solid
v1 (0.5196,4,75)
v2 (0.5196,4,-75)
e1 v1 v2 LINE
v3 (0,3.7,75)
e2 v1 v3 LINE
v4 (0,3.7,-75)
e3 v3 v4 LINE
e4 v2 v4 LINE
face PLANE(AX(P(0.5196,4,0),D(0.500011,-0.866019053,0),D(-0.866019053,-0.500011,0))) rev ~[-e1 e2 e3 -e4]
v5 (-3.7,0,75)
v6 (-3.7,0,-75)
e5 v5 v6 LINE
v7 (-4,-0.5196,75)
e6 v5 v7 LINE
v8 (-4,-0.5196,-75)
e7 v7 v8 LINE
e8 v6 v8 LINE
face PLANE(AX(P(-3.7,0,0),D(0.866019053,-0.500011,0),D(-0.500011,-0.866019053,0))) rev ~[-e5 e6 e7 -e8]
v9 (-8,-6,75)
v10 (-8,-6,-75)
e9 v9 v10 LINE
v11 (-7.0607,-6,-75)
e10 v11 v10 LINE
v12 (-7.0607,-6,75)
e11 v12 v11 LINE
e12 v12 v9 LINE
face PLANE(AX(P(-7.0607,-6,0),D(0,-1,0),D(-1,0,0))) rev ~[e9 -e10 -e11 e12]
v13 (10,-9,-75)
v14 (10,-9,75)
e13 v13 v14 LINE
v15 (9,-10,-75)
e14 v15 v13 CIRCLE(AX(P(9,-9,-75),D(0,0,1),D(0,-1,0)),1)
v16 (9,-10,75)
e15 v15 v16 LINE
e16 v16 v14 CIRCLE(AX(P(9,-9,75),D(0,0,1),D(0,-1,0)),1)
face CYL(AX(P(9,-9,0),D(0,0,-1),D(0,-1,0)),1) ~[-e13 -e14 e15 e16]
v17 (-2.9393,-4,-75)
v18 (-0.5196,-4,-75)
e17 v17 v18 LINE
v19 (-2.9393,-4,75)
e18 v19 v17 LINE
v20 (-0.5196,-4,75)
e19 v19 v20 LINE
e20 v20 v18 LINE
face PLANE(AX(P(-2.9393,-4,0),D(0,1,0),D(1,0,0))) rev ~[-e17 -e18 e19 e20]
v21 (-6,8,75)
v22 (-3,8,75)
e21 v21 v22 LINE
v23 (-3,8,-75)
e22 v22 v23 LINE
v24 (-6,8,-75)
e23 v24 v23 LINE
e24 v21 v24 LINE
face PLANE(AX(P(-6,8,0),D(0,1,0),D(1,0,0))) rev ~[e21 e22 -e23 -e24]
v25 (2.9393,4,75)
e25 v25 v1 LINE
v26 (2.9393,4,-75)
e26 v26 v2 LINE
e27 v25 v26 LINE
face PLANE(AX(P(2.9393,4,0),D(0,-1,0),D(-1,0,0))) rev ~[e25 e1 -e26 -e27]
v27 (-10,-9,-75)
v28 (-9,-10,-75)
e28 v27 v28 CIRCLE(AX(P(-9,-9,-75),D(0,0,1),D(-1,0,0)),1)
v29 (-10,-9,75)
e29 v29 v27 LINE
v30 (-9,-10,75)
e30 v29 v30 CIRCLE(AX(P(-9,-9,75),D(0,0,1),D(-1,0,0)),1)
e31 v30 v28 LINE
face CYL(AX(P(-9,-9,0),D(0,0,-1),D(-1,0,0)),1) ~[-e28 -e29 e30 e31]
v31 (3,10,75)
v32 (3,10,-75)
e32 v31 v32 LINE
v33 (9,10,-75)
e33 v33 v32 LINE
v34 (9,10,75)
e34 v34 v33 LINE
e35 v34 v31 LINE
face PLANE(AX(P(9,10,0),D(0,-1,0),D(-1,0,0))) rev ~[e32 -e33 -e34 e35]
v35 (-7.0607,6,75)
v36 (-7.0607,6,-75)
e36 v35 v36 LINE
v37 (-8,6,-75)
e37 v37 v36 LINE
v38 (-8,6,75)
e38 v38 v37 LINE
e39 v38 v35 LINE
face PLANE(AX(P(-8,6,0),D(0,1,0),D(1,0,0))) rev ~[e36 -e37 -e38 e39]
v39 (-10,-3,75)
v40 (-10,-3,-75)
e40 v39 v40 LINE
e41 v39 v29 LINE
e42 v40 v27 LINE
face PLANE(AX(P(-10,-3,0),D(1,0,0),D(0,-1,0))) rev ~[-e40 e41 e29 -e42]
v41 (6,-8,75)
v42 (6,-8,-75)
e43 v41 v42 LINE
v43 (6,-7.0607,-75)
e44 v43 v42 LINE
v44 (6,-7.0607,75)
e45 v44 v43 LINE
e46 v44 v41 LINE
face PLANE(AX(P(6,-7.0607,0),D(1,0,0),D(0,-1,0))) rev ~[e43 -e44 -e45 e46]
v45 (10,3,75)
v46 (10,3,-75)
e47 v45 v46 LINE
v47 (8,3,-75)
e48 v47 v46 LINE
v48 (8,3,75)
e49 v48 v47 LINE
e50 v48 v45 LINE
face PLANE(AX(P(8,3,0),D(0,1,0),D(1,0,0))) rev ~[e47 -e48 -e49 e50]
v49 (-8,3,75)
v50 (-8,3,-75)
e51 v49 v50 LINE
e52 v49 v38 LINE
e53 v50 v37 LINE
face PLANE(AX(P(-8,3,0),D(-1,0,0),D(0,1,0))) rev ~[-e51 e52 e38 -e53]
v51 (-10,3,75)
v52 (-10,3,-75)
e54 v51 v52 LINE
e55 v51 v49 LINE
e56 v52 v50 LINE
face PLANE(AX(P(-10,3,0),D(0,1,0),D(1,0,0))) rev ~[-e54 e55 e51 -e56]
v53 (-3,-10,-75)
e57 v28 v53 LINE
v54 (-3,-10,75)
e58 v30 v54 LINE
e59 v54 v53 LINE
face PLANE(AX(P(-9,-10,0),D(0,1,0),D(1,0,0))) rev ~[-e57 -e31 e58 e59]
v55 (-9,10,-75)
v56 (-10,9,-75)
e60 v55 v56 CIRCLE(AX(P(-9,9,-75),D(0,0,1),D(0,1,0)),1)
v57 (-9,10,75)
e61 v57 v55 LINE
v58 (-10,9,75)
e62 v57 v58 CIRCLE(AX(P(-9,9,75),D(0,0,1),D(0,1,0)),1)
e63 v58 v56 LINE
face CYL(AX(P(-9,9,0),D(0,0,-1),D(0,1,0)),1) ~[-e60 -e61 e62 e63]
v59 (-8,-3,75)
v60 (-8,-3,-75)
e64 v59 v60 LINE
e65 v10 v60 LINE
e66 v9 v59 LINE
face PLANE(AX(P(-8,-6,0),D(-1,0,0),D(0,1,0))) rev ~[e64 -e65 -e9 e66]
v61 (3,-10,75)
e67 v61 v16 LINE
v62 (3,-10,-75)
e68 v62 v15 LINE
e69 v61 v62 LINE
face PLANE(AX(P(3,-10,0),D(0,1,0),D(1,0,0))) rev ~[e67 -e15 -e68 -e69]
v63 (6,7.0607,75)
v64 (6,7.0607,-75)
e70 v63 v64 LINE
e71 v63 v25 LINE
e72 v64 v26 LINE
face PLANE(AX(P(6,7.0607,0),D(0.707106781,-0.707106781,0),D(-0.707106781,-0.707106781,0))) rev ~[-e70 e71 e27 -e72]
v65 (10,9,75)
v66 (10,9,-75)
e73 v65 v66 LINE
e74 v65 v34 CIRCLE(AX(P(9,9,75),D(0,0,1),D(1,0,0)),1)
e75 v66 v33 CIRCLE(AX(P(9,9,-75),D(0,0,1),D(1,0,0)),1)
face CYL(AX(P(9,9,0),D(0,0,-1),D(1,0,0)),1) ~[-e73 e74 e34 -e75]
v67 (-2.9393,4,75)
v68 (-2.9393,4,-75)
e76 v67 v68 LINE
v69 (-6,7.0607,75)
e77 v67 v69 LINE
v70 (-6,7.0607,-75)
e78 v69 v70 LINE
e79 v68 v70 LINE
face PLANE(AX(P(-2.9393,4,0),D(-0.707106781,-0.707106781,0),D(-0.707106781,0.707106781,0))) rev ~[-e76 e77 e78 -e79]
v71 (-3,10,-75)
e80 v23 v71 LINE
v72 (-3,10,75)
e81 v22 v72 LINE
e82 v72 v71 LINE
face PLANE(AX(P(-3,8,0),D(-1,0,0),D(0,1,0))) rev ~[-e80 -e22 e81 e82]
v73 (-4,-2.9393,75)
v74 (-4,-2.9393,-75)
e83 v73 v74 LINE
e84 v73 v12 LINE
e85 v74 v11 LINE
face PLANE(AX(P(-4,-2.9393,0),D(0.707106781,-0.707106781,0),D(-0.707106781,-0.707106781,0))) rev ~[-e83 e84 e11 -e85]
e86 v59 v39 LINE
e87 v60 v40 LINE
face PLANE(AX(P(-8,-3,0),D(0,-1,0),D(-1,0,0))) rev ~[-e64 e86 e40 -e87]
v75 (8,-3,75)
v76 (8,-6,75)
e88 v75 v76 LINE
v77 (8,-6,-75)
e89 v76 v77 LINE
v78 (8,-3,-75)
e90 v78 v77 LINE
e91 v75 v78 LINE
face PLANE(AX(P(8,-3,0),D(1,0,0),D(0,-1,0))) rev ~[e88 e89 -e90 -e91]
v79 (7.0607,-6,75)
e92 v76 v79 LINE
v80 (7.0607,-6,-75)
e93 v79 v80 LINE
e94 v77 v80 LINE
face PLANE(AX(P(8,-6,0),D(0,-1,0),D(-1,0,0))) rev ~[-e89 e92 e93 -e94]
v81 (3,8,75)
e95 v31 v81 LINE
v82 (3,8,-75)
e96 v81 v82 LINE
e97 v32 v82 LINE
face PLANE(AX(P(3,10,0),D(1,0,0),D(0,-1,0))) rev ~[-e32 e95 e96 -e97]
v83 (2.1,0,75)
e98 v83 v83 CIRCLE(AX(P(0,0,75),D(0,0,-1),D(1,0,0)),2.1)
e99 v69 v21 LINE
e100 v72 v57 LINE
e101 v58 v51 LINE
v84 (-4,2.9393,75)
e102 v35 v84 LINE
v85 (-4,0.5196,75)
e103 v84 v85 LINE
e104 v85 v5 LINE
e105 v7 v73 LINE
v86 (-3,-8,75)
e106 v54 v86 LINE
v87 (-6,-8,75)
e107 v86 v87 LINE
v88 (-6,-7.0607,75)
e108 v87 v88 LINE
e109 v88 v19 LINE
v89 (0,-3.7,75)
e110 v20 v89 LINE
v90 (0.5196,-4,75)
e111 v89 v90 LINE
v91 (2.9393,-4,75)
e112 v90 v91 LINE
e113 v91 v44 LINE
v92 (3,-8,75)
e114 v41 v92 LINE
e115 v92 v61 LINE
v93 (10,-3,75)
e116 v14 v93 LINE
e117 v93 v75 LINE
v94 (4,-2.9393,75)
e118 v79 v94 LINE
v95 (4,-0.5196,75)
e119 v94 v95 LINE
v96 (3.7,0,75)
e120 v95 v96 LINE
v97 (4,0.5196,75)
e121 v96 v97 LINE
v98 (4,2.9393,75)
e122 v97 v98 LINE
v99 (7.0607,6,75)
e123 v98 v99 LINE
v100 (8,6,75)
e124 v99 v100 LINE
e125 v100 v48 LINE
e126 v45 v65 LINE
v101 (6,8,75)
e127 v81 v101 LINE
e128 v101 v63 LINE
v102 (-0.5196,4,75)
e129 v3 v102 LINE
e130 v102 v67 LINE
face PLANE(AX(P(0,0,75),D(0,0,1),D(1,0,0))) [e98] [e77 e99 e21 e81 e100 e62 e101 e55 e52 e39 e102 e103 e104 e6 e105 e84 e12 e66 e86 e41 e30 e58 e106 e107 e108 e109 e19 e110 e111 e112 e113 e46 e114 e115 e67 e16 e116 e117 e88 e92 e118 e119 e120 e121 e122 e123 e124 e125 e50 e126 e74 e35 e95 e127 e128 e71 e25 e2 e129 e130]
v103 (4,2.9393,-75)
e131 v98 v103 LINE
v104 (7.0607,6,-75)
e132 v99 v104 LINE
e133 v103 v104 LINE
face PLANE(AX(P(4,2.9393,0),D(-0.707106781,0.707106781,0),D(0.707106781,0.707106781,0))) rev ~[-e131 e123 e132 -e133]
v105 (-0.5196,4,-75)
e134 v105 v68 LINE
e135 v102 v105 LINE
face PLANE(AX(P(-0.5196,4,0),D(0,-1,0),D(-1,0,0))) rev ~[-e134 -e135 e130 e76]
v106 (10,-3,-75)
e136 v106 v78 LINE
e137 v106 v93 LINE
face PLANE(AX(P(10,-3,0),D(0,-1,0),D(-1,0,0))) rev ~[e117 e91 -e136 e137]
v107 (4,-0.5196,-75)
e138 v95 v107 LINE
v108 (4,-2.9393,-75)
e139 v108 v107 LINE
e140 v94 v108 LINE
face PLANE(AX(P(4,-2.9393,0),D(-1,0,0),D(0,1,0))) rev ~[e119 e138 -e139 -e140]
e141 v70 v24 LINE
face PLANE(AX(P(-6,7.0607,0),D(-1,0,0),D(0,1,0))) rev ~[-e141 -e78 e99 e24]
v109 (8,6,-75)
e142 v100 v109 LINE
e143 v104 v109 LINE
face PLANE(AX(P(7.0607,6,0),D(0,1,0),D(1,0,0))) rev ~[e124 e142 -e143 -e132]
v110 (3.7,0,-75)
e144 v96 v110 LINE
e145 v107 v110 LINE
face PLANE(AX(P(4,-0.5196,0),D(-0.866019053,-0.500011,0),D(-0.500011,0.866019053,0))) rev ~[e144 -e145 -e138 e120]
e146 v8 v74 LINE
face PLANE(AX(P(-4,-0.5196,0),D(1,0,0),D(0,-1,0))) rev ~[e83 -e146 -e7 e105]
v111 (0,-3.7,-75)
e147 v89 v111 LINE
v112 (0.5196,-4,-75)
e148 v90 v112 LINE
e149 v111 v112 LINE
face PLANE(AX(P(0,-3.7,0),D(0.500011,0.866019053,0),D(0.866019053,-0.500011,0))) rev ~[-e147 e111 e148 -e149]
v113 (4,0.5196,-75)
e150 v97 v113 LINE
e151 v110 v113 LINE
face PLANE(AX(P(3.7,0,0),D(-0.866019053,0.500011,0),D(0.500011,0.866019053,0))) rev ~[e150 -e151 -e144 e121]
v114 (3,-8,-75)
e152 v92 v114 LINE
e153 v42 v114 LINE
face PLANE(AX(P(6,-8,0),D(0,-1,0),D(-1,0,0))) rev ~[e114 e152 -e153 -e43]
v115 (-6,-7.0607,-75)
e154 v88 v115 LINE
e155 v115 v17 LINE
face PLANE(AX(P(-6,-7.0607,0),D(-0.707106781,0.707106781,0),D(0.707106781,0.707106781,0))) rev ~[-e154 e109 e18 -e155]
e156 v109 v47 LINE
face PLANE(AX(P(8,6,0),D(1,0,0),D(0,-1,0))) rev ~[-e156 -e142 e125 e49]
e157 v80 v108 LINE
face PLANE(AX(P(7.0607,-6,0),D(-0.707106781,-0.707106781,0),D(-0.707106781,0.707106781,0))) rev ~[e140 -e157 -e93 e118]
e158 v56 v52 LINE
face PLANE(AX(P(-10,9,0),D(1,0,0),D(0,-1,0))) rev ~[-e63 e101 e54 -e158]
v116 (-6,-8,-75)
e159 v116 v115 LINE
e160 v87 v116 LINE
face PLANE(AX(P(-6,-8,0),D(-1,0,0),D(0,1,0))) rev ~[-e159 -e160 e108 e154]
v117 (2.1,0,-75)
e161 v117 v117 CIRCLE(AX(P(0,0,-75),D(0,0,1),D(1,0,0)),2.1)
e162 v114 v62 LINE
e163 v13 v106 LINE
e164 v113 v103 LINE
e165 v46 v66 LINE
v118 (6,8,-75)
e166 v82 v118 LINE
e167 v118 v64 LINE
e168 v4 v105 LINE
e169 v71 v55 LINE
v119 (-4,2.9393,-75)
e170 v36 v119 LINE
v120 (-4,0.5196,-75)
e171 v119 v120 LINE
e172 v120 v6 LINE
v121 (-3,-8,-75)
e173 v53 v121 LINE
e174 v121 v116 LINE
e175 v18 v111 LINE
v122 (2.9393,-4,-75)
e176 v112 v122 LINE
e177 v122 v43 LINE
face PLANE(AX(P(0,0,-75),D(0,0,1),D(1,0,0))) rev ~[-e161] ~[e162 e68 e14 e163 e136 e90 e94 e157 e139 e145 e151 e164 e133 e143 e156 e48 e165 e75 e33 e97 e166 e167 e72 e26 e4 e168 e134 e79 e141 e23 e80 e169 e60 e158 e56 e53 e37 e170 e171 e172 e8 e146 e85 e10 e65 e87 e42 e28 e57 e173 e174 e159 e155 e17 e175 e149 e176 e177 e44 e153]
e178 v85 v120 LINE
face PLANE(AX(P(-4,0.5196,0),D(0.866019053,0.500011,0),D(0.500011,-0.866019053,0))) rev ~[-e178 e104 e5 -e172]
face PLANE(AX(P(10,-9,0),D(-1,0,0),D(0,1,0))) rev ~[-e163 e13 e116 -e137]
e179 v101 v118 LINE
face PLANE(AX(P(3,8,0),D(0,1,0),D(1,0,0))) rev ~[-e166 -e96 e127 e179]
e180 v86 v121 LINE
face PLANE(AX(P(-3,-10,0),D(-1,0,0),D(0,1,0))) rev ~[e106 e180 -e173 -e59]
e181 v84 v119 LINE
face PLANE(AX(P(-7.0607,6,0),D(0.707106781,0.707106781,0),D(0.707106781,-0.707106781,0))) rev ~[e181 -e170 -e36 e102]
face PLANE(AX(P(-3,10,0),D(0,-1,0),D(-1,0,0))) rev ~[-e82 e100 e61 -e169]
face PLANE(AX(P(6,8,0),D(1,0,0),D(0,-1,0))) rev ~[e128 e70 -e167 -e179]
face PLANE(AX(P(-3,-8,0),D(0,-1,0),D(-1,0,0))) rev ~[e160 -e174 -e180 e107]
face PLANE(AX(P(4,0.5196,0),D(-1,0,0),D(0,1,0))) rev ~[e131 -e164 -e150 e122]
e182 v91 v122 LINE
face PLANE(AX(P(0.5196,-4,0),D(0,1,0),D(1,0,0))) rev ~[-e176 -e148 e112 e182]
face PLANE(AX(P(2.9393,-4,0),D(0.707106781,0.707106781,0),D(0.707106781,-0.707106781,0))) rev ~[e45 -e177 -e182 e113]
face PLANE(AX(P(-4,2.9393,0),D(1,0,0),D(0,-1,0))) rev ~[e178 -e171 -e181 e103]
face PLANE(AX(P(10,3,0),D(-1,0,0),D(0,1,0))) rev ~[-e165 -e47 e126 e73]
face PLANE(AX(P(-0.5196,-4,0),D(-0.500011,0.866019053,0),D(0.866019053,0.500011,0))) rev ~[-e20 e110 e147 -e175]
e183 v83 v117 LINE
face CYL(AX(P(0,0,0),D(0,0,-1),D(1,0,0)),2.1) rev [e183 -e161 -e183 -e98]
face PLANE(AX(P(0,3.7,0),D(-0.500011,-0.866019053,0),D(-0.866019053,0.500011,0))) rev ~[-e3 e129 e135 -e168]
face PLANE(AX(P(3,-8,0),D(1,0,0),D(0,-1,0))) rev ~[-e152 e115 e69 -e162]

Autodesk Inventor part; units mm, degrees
ref_plane "YZ Plane" through (0, 0, 0) normal (1, 0, 0) x (0, 1, 0)
ref_plane "XZ Plane" through (0, 0, 0) normal (0, 1, 0) x (-1, 0, 0)
ref_plane "XY Plane" through (0, 0, 0) normal (0, 0, 1) x (1, 0, 0)
sketch "Sketch1" plane through (0, 0, 0) normal (0, 0, 1) x (1, 0, 0)
  line L0 (-2.205, 0) -> (2.205, 0)
  line L1 (0, -2.205) -> (0, 2.205)
  arc A0 (9, -10) -> (10, -9) centre (9, -9) ccw
  line L2 (-10, 9) -> (-10, 3)
  line L3 (-10, 3) -> (-8, 3)
  line L4 (-8, 3) -> (-8, 6)
  line L5 (-8, 6) -> (-7.0607, 6)
  line L6 (-7.0607, 6) -> (-4, 2.9393)
  line L7 (-4, 2.9393) -> (-4, 0.5196)
  line L8 (-4, 0.5196) -> (-3.7, 0)
  line L9 (-3.7, 0) -> (-4, -0.5196)
  line L10 (-4, -0.5196) -> (-4, -2.9393)
  line L11 (-4, -2.9393) -> (-7.0607, -6)
  line L12 (-7.0607, -6) -> (-8, -6)
  line L13 (-8, -6) -> (-8, -3)
  line L14 (-8, -3) -> (-10, -3)
  line L15 (-10, -3) -> (-10, -9)
  arc A1 (-10, -9) -> (-9, -10) centre (-9, -9) ccw
  line L16 (-9, -10) -> (-3, -10)
  line L17 (-3, -10) -> (-3, -8)
  line L18 (-3, -8) -> (-6, -8)
  line L19 (-6, -7.0607) -> (-2.9393, -4)
  line L20 (-2.9393, -4) -> (-0.5196, -4)
  line L21 (-0.5196, -4) -> (0, -3.7)
  line L22 (0, -3.7) -> (0.5196, -4)
  line L23 (0.5196, -4) -> (2.9393, -4)
  line L24 (2.9393, -4) -> (6, -7.0607)
  line L25 (6, -7.0607) -> (6, -8)
  line L26 (6, -8) -> (3, -8)
  line L27 (3, -8) -> (3, -10)
  line L28 (3, -10) -> (9, -10)
  line L29 (10, -9) -> (10, -3)
  line L30 (10, -3) -> (8, -3)
  line L31 (8, -3) -> (8, -6)
  line L32 (8, -6) -> (7.0607, -6)
  line L33 (7.0607, -6) -> (4, -2.9393)
  line L34 (4, -2.9393) -> (4, -0.5196)
  line L35 (4, -0.5196) -> (3.7, 0)
  line L36 (3.7, 0) -> (4, 0.5196)
  line L37 (4, 0.5196) -> (4, 2.9393)
  line L38 (4, 2.9393) -> (7.0607, 6)
  line L39 (7.0607, 6) -> (8, 6)
  line L40 (8, 6) -> (8, 3)
  line L41 (8, 3) -> (10, 3)
  line L42 (10, 3) -> (10, 9)
  arc A2 (10, 9) -> (9, 10) centre (9, 9) ccw
  line L43 (9, 10) -> (3, 10)
  line L44 (3, 10) -> (3, 8)
  line L45 (3, 8) -> (6, 8)
  line L46 (6, 8) -> (6, 7.0607)
  line L47 (6, 7.0607) -> (2.9393, 4)
  line L48 (2.9393, 4) -> (0.5196, 4)
  line L49 (0.5196, 4) -> (0, 3.7)
  line L50 (0, 3.7) -> (-0.5196, 4)
  line L51 (-0.5196, 4) -> (-2.9393, 4)
  line L52 (-2.9393, 4) -> (-6, 7.0607)
  line L53 (-6, 7.0607) -> (-6, 8)
  line L54 (-6, 8) -> (-3, 8)
  line L55 (-3, 8) -> (-3, 10)
  line L56 (-3, 10) -> (-9, 10)
  arc A3 (-9, 10) -> (-10, 9) centre (-9, 9) ccw
  circle A4 centre (0, 0) radius 2.1
  line L57 (-6, -8) -> (-6, -7.0607)
extrude "Extrusion1" add sketch "Sketch1" along normal mid plane 150
equation "\"d0\" = height"
equation "\"plateThickness\" = 6.35"
equation "\"supportPlateThickness\" = 6.35"
equation "\"separation\" = 35"
equation "\"centerVerticalRatio\" = 0.3"
equation "\"height\" = 150"
equation "\"acrylicThickness\" = 3.125"
properties part number "HFS5-2020" material "Aluminum 6061"
